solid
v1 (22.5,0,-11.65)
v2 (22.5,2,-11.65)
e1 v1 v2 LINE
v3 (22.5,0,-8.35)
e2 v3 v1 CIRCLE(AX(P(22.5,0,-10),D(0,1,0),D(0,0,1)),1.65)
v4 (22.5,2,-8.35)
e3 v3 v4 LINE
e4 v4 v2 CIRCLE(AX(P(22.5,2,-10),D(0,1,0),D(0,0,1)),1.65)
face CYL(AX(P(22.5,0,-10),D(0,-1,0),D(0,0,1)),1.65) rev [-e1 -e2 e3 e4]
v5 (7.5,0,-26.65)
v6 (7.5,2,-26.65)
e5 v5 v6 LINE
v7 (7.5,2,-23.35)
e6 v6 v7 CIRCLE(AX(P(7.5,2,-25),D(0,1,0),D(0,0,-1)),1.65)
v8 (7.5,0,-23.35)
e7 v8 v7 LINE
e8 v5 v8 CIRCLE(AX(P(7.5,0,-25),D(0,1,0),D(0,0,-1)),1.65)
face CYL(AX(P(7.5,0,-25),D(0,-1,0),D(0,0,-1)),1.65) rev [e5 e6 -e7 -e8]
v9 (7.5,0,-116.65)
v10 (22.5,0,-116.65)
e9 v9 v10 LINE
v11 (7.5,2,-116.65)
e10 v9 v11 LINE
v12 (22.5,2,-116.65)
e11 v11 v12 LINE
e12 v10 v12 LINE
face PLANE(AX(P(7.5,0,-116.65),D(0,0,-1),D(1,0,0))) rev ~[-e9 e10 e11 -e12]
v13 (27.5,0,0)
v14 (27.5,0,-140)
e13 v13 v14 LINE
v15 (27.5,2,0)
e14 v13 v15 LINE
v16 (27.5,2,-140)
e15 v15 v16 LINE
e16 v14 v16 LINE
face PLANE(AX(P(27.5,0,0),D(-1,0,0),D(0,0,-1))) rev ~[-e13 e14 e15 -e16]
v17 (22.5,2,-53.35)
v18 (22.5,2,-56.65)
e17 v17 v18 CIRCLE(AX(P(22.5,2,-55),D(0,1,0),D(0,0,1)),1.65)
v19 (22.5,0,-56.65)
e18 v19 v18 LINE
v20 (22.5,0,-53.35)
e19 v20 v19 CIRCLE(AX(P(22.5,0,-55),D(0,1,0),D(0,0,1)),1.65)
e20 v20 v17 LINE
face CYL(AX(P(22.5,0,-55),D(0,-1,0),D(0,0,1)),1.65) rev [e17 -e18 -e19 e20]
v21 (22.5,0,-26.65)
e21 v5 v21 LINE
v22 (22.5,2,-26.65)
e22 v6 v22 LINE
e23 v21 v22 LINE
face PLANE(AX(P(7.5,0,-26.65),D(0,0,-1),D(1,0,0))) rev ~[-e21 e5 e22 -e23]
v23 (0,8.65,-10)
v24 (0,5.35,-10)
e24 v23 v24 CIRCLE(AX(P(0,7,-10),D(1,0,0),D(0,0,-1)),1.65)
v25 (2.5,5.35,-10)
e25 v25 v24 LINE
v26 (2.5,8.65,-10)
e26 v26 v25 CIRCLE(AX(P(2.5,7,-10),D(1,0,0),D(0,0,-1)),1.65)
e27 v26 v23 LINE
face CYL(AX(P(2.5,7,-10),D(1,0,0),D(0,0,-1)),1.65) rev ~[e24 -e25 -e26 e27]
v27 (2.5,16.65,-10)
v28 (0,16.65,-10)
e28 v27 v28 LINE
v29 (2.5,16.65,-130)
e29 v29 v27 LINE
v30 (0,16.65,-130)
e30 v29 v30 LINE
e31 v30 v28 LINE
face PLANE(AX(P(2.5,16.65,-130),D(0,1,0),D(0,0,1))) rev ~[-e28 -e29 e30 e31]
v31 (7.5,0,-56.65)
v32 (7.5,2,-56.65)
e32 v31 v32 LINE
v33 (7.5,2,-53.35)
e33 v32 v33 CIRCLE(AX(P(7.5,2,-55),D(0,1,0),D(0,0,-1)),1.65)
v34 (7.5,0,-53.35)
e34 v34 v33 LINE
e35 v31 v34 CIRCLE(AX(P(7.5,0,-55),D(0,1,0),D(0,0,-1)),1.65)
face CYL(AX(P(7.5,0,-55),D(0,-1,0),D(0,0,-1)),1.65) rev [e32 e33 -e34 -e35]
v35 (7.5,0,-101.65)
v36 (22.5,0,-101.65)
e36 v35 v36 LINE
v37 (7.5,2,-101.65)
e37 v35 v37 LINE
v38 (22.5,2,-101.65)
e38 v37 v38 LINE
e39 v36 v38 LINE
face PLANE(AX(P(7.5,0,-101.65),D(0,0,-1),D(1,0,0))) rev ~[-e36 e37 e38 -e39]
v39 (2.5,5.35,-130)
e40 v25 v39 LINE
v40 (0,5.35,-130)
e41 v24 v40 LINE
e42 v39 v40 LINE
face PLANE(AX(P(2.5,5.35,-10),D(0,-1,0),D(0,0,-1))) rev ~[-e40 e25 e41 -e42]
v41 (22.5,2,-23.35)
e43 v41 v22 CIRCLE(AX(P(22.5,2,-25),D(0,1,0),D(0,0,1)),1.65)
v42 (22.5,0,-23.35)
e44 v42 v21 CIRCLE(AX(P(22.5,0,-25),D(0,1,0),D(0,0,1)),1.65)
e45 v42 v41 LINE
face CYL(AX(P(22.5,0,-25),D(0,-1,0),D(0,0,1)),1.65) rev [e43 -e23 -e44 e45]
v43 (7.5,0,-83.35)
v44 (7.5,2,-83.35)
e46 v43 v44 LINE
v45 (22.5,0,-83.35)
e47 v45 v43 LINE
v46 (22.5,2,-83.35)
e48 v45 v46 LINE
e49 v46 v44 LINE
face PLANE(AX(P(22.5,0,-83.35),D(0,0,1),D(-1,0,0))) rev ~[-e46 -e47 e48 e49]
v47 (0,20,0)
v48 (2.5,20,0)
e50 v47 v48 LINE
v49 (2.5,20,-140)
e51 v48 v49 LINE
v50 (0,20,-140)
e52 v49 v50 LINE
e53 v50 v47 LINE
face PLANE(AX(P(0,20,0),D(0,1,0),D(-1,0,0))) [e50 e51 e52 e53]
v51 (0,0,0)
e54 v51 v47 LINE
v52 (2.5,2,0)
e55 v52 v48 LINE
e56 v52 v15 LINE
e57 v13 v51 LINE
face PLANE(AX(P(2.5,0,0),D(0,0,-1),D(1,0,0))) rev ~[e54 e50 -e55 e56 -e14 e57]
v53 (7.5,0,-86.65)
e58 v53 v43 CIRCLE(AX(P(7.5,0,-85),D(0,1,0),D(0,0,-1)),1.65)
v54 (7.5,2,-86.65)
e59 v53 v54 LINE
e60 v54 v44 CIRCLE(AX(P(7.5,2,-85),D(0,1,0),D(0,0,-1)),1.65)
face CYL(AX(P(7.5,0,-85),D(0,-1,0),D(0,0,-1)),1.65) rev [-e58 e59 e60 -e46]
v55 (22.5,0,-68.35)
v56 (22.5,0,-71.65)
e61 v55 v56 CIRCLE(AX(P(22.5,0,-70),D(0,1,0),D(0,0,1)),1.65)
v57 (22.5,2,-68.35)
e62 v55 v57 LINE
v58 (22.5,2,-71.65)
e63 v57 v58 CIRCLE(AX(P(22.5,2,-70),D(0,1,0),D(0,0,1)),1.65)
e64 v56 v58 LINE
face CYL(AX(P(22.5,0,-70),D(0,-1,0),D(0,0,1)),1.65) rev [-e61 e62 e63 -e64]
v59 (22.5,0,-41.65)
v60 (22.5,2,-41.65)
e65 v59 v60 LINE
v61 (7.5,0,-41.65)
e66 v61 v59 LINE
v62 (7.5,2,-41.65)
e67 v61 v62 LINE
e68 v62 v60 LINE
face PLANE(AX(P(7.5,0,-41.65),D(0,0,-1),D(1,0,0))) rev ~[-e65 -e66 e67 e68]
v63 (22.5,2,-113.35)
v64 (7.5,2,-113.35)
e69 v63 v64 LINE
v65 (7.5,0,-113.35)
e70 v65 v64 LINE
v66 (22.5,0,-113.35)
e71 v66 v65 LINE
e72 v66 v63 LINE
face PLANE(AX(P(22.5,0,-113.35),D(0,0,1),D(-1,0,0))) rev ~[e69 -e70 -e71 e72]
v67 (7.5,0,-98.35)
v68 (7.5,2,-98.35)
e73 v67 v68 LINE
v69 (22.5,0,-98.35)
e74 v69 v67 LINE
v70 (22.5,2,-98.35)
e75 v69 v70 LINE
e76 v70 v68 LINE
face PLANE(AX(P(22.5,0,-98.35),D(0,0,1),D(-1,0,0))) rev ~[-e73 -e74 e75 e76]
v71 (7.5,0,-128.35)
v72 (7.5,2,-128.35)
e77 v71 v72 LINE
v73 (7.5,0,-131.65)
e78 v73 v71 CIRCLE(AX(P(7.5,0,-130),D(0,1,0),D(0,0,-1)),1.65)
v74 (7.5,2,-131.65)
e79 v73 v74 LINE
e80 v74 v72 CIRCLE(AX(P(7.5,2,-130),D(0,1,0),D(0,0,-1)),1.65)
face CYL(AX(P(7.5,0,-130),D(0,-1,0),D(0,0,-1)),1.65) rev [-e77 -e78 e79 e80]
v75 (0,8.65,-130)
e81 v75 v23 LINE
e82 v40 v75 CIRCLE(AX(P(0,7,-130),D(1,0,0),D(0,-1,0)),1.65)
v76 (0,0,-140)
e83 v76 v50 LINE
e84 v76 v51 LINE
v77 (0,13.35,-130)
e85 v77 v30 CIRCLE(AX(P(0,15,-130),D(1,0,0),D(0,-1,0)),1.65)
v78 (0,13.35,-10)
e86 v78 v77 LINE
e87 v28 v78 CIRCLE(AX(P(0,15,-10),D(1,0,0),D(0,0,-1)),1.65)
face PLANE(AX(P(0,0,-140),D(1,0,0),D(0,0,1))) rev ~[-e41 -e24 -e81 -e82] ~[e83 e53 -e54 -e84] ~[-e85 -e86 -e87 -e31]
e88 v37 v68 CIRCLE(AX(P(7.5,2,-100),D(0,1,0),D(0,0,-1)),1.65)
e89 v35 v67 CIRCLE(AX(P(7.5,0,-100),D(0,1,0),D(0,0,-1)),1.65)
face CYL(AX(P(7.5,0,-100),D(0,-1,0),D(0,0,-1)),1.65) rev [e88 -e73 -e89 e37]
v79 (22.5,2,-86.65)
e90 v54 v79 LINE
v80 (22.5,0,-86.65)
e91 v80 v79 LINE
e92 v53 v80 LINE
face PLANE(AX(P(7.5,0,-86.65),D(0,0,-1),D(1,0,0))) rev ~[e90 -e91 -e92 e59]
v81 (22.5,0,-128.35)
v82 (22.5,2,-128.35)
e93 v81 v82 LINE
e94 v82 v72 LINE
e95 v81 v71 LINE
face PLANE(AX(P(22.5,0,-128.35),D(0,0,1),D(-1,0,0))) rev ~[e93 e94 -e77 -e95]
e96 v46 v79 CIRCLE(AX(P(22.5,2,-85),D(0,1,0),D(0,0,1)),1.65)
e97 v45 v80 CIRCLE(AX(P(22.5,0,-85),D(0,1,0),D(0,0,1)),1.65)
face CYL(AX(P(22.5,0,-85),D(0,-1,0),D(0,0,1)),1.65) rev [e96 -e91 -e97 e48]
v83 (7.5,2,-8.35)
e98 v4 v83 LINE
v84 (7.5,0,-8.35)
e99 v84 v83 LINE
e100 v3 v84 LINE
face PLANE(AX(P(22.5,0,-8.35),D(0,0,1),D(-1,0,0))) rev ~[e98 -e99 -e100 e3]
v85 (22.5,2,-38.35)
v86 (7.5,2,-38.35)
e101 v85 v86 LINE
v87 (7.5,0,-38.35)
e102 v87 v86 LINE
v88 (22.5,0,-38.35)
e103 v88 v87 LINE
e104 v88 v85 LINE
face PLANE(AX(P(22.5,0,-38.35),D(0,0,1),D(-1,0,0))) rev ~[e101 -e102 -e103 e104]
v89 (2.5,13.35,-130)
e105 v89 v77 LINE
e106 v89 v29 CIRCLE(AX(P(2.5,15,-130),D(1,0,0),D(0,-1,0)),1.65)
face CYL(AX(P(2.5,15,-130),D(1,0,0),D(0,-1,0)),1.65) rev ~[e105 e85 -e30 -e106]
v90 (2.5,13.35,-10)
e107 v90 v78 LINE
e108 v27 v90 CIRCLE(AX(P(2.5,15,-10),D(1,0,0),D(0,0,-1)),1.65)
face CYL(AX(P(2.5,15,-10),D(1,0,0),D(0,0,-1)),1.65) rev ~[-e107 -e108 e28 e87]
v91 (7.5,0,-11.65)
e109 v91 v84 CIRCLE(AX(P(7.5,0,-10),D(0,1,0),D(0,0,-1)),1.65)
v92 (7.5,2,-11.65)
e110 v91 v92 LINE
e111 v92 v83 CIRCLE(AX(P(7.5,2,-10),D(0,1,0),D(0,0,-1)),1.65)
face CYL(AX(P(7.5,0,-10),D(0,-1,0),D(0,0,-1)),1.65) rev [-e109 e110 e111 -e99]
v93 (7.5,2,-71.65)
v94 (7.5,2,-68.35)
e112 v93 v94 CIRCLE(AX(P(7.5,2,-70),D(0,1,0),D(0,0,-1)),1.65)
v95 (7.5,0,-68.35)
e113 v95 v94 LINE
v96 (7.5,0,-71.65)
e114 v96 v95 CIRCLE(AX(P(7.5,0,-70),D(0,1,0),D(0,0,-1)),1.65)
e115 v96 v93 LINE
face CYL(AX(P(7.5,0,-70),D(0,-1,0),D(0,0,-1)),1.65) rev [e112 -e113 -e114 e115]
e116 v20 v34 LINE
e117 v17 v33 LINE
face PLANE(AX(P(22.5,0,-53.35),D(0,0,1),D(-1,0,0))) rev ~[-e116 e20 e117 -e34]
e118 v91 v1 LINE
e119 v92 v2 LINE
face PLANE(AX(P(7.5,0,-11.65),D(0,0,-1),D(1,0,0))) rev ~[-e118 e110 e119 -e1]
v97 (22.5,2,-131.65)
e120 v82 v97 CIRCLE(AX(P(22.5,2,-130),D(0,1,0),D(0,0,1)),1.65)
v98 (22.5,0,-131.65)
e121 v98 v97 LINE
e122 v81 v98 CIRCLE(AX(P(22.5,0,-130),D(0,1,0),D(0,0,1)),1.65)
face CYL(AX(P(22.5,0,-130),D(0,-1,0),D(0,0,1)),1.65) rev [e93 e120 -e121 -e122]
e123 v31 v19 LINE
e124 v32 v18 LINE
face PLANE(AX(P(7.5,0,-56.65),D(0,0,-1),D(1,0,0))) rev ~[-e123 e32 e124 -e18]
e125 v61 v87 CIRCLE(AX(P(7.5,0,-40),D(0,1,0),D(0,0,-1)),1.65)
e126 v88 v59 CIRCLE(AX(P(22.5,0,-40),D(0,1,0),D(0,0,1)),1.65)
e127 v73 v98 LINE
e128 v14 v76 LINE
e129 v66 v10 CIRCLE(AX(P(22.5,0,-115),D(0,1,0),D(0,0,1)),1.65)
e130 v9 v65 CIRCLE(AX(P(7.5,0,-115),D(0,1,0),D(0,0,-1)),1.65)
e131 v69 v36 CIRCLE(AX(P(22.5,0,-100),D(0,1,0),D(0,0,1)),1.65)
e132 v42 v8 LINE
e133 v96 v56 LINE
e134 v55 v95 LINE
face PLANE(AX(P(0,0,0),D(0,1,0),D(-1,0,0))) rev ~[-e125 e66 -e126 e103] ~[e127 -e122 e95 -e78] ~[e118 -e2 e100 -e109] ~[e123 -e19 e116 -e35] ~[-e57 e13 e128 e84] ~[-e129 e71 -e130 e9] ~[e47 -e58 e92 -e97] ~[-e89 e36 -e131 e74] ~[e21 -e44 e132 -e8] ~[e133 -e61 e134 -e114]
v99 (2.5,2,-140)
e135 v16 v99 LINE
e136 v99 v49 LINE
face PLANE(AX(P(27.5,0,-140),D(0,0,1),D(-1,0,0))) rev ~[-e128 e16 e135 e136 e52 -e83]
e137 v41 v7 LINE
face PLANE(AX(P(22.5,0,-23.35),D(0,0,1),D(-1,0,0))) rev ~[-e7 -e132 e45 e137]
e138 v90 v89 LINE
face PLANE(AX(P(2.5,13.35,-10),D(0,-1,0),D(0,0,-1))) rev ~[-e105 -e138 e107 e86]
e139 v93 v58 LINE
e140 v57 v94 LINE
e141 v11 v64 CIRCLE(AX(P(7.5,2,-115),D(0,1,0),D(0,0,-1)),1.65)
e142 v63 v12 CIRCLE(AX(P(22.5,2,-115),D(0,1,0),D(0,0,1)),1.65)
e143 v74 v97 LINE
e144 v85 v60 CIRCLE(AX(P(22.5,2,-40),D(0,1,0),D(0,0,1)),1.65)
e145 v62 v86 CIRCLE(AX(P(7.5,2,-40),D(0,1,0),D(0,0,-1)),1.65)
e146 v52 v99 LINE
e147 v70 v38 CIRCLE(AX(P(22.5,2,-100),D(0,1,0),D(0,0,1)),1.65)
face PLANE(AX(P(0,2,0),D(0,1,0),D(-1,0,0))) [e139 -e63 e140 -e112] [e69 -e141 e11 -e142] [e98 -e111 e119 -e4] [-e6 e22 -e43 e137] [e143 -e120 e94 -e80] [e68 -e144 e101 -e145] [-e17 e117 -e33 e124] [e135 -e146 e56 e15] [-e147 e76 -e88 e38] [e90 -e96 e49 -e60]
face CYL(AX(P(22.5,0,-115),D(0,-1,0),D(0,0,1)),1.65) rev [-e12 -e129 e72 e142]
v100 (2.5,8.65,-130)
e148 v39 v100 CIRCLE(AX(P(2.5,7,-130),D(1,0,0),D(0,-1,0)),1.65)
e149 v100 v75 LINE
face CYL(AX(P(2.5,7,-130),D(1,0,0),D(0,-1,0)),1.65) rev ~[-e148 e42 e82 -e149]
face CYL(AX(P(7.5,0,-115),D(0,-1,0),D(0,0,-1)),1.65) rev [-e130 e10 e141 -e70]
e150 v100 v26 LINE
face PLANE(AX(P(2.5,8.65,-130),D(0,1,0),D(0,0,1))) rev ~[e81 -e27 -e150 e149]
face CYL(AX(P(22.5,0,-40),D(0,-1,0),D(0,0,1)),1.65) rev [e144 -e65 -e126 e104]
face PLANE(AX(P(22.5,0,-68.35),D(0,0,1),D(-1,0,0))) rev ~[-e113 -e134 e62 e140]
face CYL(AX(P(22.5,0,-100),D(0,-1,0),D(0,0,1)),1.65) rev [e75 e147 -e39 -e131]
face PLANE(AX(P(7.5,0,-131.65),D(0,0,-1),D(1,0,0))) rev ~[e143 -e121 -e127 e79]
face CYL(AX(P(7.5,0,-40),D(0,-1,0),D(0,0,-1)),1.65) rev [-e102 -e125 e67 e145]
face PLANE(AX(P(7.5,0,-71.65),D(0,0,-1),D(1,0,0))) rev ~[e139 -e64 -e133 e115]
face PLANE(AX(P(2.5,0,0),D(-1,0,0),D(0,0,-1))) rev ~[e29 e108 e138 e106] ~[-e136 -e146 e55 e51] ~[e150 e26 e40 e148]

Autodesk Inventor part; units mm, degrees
ref_plane "YZ Plane" through (0, 0, 0) normal (1, 0, 0) x (0, 1, 0)
ref_plane "XZ Plane" through (0, 0, 0) normal (0, 1, 0) x (-1, 0, 0)
ref_plane "XY Plane" through (0, 0, 0) normal (0, 0, 1) x (1, 0, 0)
sketch "Sketch1" plane through (0, 0, 0) normal (0, 1, 0) x (-1, 0, 0)
  line L0 (0, 0) -> (-27.5, 0)
  line L1 (-27.5, 0) -> (-27.5, -140)
  line L2 (-27.5, -140) -> (0, -140)
  line L3 (0, -140) -> (0, 0)
  line L4 (0, 0) -> (-2.5, 0)
  line L5 (-2.5, 0) -> (-2.5, -140)
  line L6 (-2.5, -140) -> (0, -140)
  line L7 (0, -140) -> (0, 0)
  arc A0 (-7.5, -11.65) -> (-7.5, -8.35) centre (-7.5, -10) ccw
  arc A1 (-22.5, -8.35) -> (-22.5, -11.65) centre (-22.5, -10) ccw
  line L8 (-7.5, -11.65) -> (-22.5, -11.65)
  line L9 (-22.5, -8.35) -> (-7.5, -8.35)
  arc A2 (-7.5, -26.65) -> (-7.5, -23.35) centre (-7.5, -25) ccw
  line L10 (-22.5, -23.35) -> (-7.5, -23.35)
  line L11 (-7.5, -26.65) -> (-22.5, -26.65)
  arc A3 (-22.5, -23.35) -> (-22.5, -26.65) centre (-22.5, -25) ccw
  arc A4 (-7.5, -41.65) -> (-7.5, -38.35) centre (-7.5, -40) ccw
  line L12 (-22.5, -38.35) -> (-7.5, -38.35)
  line L13 (-7.5, -41.65) -> (-22.5, -41.65)
  arc A5 (-22.5, -38.35) -> (-22.5, -41.65) centre (-22.5, -40) ccw
  arc A6 (-7.5, -56.65) -> (-7.5, -53.35) centre (-7.5, -55) ccw
  line L14 (-22.5, -53.35) -> (-7.5, -53.35)
  line L15 (-7.5, -56.65) -> (-22.5, -56.65)
  arc A7 (-22.5, -53.35) -> (-22.5, -56.65) centre (-22.5, -55) ccw
  arc A8 (-7.5, -71.65) -> (-7.5, -68.35) centre (-7.5, -70) ccw
  line L16 (-22.5, -68.35) -> (-7.5, -68.35)
  line L17 (-7.5, -71.65) -> (-22.5, -71.65)
  arc A9 (-22.5, -68.35) -> (-22.5, -71.65) centre (-22.5, -70) ccw
  arc A10 (-7.5, -86.65) -> (-7.5, -83.35) centre (-7.5, -85) ccw
  line L18 (-22.5, -83.35) -> (-7.5, -83.35)
  line L19 (-7.5, -86.65) -> (-22.5, -86.65)
  arc A11 (-22.5, -83.35) -> (-22.5, -86.65) centre (-22.5, -85) ccw
  arc A12 (-7.5, -101.65) -> (-7.5, -98.35) centre (-7.5, -100) ccw
  line L20 (-22.5, -98.35) -> (-7.5, -98.35)
  line L21 (-7.5, -101.65) -> (-22.5, -101.65)
  arc A13 (-22.5, -98.35) -> (-22.5, -101.65) centre (-22.5, -100) ccw
  arc A14 (-7.5, -116.65) -> (-7.5, -113.35) centre (-7.5, -115) ccw
  line L22 (-22.5, -113.35) -> (-7.5, -113.35)
  line L23 (-7.5, -116.65) -> (-22.5, -116.65)
  arc A15 (-22.5, -113.35) -> (-22.5, -116.65) centre (-22.5, -115) ccw
  arc A16 (-7.5, -131.65) -> (-7.5, -128.35) centre (-7.5, -130) ccw
  line L24 (-22.5, -128.35) -> (-7.5, -128.35)
  line L25 (-7.5, -131.65) -> (-22.5, -131.65)
  arc A17 (-22.5, -128.35) -> (-22.5, -131.65) centre (-22.5, -130) ccw
  dimension "d0" = 27.5
  dimension "d1" = 140
  dimension "d2" = 2.5
  dimension "d21" = 3.3
  dimension "d22" = 10
  dimension "d23" = 5
  dimension "d24" = 3.3
  dimension "d25" = 5
  dimension "d28" = 15
extrude "Extrusion1" add sketch "Sketch1" along normal blind 2 contours L5 L2 L1 L0
extrude "Extrusion2" add sketch "Sketch1" along normal blind 20 contours L3 L2 L5 L0
sketch "Sketch2" plane through (2.5, 2, -140) normal (1, 0, 0) x (0, 0, -1)
  circle A0 centre (-130, 5) radius 1.65
  line L0 (0, 0) -> (-140, 0) projected
  circle A1 centre (-130, 13) radius 1.65
  line L1 (-140, 18) -> (0, 18) projected
  line L2 (-140, 0) -> (-140, 18) projected
  line L3 (0, 0) -> (0, 18) projected
  line L4 (-130, 13) -> (-10, 13) construction
  line L5 (-130, 11.35) -> (-10, 11.35)
  line L6 (-10, 14.65) -> (-130, 14.65)
  arc A2 (-130, 14.65) -> (-130, 11.35) centre (-130, 13) ccw
  arc A3 (-10, 11.35) -> (-10, 14.65) centre (-10, 13) ccw
  line L7 (-130, 5) -> (-10, 5) construction
  line L8 (-130, 3.35) -> (-10, 3.35)
  line L9 (-10, 6.65) -> (-130, 6.65)
  arc A4 (-130, 6.65) -> (-130, 3.35) centre (-130, 5) ccw
  arc A5 (-10, 3.35) -> (-10, 6.65) centre (-10, 5) ccw
  point P0 (-140, -2)
  point P1 (-70, 13)
  point P2 (-70, 5)
  point P3 (-130, 6.65)
  point P4 (-130, 3.35)
  point P5 (-130, 14.65)
  point P6 (-130, 11.35)
  dimension "d7" = 3.3
  dimension "d8" = 5
  dimension "d9" = 3.3
  dimension "d10" = 5
  dimension "d11" = 10
  dimension "d12" = 10
  dimension "d15" = 3.3
  dimension "d16" = 3.3
  dimension "d19" = 120
  dimension "d20" = 120
extrude "Extrusion3" cut sketch "Sketch2" against normal blind 2.5 contours A0 | A0 L9 A5 L8 | A1 | A1 L6 A3 L5
properties part number "Alas Conveyor_3DPrint"
